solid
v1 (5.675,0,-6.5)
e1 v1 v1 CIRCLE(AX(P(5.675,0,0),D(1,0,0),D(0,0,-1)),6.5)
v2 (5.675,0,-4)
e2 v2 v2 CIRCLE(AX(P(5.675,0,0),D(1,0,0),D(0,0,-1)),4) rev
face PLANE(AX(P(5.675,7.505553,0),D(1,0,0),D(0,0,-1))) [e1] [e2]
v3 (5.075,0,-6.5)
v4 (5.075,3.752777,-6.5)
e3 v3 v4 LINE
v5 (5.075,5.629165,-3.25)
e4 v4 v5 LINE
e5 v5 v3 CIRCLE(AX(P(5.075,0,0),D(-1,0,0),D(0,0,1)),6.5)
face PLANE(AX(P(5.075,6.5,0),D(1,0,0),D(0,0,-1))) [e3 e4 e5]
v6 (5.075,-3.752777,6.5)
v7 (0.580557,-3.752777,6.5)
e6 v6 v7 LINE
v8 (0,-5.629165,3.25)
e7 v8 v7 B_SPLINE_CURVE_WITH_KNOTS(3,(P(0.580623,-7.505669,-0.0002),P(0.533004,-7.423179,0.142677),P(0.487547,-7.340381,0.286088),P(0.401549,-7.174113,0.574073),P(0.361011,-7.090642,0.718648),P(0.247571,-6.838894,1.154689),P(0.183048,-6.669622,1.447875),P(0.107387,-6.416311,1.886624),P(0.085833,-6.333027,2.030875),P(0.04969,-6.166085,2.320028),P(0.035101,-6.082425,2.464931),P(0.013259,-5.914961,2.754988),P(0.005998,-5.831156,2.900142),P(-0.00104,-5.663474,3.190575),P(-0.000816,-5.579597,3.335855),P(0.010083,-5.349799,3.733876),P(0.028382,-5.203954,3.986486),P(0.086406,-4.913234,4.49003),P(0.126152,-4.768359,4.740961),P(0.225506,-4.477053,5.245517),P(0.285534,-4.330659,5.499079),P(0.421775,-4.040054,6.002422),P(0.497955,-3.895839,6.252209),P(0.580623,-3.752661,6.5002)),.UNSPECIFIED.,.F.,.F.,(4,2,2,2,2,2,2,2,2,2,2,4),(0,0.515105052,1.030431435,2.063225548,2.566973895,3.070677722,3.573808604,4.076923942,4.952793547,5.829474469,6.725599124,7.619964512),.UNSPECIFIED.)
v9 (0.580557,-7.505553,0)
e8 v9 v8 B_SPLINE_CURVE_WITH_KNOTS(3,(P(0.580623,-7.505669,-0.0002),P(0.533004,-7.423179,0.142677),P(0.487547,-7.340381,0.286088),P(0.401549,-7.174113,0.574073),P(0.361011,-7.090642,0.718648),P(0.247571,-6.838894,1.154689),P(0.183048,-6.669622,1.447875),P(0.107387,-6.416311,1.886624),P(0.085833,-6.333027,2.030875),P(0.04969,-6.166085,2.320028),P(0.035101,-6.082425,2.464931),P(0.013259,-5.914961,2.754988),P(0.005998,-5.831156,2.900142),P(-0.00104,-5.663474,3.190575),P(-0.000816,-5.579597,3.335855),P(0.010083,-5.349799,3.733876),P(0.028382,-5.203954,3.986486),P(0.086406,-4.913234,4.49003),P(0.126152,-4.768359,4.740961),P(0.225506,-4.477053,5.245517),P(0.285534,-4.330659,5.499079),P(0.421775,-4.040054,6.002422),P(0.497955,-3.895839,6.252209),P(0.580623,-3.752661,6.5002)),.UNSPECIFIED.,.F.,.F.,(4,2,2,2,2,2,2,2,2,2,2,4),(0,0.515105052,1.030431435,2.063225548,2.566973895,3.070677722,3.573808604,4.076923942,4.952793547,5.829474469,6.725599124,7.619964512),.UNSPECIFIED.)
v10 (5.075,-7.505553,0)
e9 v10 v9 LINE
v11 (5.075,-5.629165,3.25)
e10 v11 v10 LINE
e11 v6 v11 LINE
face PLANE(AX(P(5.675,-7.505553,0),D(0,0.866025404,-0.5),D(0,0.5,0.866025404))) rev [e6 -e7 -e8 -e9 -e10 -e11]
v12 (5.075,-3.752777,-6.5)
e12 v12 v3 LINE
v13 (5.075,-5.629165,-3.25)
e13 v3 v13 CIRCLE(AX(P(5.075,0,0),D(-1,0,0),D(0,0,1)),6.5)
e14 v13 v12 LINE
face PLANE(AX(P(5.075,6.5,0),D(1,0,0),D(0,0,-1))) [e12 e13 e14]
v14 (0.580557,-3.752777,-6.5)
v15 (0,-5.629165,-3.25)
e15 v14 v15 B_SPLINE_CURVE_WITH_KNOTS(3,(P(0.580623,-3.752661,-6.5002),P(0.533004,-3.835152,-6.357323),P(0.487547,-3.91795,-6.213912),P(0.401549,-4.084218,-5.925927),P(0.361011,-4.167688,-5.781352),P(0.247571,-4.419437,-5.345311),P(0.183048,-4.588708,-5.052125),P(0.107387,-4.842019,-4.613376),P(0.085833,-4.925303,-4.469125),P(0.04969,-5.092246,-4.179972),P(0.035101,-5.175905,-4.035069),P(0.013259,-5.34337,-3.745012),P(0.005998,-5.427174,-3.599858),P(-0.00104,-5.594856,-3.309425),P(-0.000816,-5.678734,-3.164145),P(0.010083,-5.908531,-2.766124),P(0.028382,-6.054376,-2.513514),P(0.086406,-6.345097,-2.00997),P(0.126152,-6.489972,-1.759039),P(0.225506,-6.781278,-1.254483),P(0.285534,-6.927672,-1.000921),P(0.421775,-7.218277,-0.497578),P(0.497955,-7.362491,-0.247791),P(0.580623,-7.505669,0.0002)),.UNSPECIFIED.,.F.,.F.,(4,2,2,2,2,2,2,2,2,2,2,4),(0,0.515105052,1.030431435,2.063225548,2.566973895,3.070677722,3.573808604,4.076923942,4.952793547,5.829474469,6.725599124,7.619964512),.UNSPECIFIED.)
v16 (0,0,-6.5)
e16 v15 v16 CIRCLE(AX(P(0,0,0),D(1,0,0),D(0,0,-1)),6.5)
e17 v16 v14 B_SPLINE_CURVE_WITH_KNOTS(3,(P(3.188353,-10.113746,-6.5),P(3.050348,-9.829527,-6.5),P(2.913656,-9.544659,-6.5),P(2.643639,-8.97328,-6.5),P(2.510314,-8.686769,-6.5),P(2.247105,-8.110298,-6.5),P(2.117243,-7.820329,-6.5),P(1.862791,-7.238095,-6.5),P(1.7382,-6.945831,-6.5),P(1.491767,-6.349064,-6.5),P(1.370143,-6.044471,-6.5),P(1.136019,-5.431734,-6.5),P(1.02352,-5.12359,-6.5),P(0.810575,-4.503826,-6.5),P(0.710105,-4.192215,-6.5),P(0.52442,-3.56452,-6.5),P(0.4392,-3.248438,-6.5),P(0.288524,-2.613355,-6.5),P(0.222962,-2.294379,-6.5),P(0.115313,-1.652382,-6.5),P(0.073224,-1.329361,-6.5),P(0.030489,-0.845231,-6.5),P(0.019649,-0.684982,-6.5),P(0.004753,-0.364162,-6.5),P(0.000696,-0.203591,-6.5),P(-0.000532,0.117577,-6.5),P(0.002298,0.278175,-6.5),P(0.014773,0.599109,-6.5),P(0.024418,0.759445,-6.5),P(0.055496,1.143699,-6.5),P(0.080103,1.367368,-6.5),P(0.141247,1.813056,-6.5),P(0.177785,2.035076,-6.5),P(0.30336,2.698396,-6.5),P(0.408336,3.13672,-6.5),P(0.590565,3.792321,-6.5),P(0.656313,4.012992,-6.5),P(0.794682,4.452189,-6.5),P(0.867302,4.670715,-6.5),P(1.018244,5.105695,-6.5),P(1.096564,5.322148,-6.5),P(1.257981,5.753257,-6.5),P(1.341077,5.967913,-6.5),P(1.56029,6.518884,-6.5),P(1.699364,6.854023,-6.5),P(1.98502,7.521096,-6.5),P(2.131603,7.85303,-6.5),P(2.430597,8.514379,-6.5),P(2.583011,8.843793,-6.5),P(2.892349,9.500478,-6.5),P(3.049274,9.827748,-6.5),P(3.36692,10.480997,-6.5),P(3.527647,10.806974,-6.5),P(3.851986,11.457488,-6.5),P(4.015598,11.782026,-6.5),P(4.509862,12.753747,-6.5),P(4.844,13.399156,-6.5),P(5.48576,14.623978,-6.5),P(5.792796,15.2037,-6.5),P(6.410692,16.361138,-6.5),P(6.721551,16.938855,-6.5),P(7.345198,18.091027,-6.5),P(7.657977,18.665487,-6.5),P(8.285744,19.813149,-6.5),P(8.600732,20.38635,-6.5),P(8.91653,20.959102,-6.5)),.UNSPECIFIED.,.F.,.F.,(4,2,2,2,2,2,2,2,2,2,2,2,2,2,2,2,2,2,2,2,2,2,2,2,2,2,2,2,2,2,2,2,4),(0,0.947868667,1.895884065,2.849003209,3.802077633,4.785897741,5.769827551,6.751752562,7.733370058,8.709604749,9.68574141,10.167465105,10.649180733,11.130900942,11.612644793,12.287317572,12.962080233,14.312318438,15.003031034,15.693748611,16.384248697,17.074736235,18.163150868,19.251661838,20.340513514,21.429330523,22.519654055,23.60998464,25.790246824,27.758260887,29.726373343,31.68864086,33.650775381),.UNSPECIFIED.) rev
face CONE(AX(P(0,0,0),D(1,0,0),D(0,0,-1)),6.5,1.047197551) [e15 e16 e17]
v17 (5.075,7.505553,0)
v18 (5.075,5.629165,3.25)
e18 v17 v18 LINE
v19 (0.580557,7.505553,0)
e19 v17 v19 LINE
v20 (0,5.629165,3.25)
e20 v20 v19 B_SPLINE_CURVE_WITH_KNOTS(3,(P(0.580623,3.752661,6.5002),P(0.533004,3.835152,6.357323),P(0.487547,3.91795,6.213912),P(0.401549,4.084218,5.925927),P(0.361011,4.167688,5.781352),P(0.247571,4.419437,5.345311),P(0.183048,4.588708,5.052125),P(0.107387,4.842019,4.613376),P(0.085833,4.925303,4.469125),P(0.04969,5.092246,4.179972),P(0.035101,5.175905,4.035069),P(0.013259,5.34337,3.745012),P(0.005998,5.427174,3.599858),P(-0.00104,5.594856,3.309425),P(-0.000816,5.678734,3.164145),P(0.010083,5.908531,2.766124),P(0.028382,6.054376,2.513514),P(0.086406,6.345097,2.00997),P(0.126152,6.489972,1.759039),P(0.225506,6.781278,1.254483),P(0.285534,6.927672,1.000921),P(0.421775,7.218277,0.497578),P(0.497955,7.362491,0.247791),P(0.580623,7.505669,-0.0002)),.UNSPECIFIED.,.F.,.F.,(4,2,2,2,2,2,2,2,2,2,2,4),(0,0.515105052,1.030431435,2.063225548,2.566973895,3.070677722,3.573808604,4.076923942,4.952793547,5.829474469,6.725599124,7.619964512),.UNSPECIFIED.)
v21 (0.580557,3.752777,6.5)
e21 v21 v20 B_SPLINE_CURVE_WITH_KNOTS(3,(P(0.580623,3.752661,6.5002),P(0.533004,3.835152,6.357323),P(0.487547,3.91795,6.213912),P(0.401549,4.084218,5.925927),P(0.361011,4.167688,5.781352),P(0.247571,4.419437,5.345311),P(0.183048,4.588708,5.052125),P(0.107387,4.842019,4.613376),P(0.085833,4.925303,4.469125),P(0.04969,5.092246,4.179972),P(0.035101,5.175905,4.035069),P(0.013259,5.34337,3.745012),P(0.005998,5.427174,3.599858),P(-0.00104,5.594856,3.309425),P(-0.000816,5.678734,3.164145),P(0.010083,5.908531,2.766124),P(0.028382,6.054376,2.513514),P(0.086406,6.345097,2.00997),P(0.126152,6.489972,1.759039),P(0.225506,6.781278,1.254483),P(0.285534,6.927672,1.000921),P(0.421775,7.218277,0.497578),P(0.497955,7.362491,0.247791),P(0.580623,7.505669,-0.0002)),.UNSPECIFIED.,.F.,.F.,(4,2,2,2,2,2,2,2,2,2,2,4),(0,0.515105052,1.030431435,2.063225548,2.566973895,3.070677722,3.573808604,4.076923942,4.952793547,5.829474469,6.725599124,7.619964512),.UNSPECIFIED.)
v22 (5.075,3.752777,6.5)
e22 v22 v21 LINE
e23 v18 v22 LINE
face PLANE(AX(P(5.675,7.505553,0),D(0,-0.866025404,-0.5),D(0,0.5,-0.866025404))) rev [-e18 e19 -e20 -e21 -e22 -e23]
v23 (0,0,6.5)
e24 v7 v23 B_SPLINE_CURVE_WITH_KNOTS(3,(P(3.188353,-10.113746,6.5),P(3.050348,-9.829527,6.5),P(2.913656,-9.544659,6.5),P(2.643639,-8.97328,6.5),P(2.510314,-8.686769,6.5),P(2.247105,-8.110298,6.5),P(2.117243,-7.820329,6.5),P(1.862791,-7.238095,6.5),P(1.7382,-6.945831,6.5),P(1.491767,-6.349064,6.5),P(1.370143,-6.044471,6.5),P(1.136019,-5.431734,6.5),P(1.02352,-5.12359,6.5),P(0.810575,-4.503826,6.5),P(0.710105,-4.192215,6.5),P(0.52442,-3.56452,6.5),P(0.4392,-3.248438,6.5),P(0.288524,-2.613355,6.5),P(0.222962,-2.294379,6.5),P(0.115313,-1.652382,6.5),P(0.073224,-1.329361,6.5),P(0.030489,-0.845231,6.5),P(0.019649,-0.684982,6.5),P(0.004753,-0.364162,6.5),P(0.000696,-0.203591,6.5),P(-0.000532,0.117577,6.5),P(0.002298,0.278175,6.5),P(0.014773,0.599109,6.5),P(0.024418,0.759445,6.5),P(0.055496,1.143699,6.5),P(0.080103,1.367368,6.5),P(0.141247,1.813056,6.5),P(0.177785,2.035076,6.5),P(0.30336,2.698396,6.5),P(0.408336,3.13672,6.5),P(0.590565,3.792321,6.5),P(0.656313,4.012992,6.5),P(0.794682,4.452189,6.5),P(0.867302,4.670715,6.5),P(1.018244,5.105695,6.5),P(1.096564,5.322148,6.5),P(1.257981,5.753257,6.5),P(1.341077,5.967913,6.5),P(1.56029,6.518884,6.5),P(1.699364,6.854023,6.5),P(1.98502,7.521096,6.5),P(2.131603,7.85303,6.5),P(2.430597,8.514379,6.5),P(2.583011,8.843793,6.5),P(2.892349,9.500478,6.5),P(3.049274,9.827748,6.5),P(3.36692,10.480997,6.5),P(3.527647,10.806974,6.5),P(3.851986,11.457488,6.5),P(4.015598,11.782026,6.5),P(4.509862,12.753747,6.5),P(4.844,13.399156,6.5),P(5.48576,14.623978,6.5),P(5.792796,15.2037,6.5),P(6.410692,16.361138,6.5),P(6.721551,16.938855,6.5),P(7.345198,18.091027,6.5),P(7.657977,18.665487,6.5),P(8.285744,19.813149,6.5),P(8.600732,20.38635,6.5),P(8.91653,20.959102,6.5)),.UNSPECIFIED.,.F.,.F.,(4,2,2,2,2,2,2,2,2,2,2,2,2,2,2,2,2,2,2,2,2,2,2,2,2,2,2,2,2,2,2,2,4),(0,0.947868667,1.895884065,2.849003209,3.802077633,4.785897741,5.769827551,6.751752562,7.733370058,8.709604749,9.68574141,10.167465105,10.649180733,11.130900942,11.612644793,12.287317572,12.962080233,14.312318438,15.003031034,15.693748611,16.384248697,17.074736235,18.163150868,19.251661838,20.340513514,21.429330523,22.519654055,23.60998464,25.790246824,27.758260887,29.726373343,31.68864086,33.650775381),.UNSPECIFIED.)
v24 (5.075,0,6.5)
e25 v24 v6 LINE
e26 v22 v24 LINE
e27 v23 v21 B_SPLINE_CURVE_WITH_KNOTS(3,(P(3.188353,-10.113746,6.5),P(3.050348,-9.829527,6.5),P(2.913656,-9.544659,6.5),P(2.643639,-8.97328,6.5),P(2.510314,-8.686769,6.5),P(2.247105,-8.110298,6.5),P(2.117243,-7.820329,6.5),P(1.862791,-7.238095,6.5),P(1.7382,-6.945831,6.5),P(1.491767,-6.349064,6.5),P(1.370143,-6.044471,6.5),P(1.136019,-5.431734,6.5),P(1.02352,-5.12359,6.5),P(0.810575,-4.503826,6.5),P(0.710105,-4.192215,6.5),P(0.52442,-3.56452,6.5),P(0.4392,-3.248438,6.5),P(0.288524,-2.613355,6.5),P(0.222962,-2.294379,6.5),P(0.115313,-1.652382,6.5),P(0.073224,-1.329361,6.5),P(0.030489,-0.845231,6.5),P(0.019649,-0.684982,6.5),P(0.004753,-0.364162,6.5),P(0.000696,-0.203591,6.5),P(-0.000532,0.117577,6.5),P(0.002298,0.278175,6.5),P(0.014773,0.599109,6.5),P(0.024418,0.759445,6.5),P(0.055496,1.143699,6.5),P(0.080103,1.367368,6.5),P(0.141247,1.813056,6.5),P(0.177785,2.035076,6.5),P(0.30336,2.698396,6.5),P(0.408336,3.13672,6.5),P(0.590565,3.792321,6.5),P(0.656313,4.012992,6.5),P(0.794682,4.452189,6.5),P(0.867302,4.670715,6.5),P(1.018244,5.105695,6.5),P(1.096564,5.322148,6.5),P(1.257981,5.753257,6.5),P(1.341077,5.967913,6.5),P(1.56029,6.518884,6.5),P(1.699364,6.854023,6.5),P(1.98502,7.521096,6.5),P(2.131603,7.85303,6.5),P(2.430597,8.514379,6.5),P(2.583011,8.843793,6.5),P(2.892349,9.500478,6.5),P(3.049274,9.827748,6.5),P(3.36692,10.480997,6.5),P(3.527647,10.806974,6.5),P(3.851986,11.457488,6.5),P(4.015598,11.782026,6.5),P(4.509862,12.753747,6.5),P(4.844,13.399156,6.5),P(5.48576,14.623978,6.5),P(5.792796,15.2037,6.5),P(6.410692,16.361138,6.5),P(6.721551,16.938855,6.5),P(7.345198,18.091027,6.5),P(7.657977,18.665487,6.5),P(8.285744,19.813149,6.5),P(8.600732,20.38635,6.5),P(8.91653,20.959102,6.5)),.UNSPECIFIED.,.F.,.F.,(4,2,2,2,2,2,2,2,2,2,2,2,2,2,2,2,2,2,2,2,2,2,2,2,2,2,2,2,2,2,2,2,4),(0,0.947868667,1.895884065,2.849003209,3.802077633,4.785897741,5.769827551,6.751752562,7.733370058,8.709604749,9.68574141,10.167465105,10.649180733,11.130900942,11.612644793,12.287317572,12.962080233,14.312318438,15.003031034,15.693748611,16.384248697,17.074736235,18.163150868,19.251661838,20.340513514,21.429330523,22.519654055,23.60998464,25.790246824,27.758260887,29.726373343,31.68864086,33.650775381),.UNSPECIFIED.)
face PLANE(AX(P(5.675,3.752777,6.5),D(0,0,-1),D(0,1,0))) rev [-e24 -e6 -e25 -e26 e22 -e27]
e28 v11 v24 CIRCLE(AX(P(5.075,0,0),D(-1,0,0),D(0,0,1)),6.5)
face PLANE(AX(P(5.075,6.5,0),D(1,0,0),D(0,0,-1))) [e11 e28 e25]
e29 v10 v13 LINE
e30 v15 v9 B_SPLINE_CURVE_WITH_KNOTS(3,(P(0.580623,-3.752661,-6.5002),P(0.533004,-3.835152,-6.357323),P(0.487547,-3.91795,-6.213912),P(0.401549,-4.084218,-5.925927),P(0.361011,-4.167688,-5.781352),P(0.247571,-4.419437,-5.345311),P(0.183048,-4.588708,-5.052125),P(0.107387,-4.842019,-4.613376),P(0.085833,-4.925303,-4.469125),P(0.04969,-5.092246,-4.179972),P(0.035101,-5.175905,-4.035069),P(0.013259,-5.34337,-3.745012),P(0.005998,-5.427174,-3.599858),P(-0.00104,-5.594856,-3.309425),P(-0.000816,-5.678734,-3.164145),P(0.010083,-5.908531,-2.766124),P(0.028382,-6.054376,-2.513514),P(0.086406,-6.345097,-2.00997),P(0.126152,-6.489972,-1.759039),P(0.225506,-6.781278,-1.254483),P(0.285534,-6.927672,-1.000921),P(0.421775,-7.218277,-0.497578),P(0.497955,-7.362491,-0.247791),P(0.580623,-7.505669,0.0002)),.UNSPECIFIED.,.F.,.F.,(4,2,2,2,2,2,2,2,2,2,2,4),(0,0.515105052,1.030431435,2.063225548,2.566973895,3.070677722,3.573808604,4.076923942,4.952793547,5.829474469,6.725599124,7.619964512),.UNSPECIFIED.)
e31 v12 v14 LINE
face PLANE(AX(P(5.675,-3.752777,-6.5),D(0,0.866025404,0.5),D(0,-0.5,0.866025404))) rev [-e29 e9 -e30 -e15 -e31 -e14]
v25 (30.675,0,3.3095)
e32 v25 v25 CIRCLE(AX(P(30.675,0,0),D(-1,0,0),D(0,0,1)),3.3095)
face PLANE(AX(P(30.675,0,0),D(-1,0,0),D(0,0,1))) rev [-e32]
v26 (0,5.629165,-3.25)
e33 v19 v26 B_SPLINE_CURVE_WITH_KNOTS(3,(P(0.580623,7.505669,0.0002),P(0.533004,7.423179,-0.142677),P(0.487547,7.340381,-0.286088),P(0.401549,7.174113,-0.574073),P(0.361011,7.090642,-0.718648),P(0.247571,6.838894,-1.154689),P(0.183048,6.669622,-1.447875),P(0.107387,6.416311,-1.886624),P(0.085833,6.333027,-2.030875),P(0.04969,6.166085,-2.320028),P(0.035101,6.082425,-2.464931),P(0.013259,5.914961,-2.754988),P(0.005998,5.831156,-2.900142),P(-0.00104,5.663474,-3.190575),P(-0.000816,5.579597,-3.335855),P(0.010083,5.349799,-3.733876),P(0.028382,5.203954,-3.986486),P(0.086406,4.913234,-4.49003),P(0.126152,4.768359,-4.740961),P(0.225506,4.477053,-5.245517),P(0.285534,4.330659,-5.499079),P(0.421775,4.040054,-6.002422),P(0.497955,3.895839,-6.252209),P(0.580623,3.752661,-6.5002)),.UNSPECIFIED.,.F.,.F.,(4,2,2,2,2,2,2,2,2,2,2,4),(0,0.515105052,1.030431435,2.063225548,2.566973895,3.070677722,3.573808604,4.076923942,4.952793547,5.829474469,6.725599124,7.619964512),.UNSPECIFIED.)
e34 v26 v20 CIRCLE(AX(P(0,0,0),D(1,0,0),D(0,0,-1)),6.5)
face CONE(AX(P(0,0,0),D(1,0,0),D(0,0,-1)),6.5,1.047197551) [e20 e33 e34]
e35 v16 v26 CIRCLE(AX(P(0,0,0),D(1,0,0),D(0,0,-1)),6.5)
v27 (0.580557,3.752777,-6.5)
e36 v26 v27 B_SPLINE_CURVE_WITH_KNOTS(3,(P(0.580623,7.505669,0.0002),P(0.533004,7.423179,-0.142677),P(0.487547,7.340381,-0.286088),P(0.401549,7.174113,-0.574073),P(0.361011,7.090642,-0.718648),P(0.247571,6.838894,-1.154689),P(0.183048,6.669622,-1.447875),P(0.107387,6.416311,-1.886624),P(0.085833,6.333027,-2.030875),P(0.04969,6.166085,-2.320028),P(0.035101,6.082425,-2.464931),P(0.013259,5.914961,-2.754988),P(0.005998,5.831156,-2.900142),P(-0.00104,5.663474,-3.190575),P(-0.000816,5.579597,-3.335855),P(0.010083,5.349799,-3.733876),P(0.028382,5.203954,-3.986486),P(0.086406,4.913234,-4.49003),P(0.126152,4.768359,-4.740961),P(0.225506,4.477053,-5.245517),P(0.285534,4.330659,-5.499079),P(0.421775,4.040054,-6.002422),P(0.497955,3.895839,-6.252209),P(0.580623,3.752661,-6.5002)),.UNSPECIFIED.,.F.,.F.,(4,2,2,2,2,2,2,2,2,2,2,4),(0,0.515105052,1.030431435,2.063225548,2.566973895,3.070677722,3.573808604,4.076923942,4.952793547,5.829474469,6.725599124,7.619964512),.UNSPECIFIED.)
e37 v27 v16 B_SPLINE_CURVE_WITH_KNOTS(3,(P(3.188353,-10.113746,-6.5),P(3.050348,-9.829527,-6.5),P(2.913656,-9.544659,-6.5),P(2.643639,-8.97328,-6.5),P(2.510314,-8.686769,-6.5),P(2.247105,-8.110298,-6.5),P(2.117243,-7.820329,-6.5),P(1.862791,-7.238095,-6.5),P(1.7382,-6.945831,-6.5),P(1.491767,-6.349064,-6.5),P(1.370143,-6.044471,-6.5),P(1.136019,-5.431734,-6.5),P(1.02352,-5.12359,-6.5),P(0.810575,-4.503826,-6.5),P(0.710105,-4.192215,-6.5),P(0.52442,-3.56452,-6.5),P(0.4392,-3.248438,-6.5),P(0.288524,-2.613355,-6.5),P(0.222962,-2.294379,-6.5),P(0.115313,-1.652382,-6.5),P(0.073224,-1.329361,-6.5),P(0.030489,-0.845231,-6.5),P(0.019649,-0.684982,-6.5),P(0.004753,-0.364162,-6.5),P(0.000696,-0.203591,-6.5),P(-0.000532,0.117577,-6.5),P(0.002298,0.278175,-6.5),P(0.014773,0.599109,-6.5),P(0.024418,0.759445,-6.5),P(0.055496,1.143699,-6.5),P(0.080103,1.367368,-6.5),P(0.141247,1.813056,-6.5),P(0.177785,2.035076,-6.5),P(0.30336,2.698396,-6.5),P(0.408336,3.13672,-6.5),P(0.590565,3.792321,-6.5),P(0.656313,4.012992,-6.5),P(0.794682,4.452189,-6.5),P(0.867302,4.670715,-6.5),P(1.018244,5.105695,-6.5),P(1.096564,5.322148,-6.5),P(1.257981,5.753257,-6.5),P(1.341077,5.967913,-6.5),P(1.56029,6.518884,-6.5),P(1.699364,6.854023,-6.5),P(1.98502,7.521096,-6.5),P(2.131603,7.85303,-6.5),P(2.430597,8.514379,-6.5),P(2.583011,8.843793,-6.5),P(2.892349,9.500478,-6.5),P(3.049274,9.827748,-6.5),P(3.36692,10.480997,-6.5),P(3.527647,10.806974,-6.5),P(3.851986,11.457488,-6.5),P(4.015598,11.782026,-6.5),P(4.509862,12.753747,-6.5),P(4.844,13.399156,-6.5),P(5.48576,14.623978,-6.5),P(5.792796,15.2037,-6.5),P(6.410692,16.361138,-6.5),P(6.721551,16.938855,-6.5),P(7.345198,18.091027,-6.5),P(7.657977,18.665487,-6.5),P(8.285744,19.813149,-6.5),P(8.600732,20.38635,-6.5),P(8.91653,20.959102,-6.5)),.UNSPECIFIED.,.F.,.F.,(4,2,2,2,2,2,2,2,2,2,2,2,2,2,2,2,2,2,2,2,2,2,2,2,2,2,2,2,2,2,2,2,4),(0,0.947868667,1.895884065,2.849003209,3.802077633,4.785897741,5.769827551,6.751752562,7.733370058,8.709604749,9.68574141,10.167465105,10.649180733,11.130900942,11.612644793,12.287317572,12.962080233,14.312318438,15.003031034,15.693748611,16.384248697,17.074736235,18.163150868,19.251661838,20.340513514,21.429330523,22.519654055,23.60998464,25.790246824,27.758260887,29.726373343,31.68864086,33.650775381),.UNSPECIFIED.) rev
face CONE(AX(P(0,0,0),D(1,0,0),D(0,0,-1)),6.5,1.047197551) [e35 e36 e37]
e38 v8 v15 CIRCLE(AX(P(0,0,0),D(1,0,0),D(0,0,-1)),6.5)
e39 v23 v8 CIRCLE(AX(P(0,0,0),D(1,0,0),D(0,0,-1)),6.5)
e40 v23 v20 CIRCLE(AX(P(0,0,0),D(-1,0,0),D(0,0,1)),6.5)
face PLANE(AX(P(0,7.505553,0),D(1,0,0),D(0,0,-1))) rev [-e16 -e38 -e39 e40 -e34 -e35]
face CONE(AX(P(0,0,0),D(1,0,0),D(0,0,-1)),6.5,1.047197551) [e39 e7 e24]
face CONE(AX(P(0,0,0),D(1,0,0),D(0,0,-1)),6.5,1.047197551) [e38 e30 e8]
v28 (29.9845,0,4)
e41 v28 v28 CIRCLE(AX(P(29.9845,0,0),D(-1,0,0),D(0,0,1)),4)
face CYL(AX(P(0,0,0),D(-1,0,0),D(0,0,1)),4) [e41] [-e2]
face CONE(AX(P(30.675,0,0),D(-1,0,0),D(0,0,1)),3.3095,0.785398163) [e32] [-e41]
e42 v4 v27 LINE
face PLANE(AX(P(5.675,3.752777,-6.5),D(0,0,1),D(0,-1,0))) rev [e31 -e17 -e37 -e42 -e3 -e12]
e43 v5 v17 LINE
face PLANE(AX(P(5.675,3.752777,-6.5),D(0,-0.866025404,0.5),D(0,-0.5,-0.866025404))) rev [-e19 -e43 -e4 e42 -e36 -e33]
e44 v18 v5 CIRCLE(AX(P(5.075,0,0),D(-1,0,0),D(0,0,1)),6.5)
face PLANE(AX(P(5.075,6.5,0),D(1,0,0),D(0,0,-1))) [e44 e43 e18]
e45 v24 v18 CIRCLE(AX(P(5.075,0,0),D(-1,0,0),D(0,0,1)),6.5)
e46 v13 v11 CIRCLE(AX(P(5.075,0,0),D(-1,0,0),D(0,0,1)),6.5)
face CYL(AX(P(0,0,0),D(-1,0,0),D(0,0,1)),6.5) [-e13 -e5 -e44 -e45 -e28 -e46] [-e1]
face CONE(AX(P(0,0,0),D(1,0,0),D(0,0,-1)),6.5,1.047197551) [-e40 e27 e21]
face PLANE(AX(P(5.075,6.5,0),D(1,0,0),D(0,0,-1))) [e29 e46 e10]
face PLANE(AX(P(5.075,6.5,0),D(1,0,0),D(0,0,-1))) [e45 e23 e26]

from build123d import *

# Parameters (mm, degrees)
BASEHEAD_DEPTH = 5.675
SKETCH4_W      = 0.6
SKETCH4_H      = 11.005553499


with BuildPart() as part:
    # Sketch1 → BaseHead (new body)
    with BuildSketch(Plane(origin=(0, 0, 0), x_dir=(0, 0, -1), z_dir=(1, 0, 0))):
        Polygon((6.5, 3.75277675), (6.5, -3.75277675), (0, -7.505553499), (-6.5, -3.75277675), (-6.5, 3.75277675), (0, 7.505553499), align=None)
    extrude(amount=BASEHEAD_DEPTH)

    # BodySke → BaseBody (revolve)
    with BuildSketch(Plane.XY, mode=Mode.PRIVATE) as basebody_sk:
        Polygon((0, 0), (30.675, 0), (30.675, 3.3095), (29.9845, 4), (0, 4), align=None)
    revolve(basebody_sk.sketch.rotate(Axis((0, 0, 0), (1, 0, 0)), 90), axis=Axis((0, 0, 0), (1, 0, 0)))

    # Sketch3 → HeadChamfer (revolve, cut)
    with BuildSketch(Plane.XY):
        Polygon((0, 6.5), (3.46730793, 12.505553499), (3.46730793, 17.505553499), (-10, 17.505553499), (-10, 6.5), align=None)
    revolve(axis=Axis((0, 0, 0), (1, 0, 0)), mode=Mode.SUBTRACT)

    # Sketch4 → BearingFace (revolve, cut)
    with BuildSketch(Plane.XY, mode=Mode.PRIVATE) as bearingface_sk:
        with Locations((5.375, 12.00277675)):
            Rectangle(SKETCH4_W, SKETCH4_H)
    revolve(bearingface_sk.sketch.rotate(Axis((0, 0, 0), (1, 0, 0)), 270), axis=Axis((0, 0, 0), (1, 0, 0)), mode=Mode.SUBTRACT)


solid = part.part
